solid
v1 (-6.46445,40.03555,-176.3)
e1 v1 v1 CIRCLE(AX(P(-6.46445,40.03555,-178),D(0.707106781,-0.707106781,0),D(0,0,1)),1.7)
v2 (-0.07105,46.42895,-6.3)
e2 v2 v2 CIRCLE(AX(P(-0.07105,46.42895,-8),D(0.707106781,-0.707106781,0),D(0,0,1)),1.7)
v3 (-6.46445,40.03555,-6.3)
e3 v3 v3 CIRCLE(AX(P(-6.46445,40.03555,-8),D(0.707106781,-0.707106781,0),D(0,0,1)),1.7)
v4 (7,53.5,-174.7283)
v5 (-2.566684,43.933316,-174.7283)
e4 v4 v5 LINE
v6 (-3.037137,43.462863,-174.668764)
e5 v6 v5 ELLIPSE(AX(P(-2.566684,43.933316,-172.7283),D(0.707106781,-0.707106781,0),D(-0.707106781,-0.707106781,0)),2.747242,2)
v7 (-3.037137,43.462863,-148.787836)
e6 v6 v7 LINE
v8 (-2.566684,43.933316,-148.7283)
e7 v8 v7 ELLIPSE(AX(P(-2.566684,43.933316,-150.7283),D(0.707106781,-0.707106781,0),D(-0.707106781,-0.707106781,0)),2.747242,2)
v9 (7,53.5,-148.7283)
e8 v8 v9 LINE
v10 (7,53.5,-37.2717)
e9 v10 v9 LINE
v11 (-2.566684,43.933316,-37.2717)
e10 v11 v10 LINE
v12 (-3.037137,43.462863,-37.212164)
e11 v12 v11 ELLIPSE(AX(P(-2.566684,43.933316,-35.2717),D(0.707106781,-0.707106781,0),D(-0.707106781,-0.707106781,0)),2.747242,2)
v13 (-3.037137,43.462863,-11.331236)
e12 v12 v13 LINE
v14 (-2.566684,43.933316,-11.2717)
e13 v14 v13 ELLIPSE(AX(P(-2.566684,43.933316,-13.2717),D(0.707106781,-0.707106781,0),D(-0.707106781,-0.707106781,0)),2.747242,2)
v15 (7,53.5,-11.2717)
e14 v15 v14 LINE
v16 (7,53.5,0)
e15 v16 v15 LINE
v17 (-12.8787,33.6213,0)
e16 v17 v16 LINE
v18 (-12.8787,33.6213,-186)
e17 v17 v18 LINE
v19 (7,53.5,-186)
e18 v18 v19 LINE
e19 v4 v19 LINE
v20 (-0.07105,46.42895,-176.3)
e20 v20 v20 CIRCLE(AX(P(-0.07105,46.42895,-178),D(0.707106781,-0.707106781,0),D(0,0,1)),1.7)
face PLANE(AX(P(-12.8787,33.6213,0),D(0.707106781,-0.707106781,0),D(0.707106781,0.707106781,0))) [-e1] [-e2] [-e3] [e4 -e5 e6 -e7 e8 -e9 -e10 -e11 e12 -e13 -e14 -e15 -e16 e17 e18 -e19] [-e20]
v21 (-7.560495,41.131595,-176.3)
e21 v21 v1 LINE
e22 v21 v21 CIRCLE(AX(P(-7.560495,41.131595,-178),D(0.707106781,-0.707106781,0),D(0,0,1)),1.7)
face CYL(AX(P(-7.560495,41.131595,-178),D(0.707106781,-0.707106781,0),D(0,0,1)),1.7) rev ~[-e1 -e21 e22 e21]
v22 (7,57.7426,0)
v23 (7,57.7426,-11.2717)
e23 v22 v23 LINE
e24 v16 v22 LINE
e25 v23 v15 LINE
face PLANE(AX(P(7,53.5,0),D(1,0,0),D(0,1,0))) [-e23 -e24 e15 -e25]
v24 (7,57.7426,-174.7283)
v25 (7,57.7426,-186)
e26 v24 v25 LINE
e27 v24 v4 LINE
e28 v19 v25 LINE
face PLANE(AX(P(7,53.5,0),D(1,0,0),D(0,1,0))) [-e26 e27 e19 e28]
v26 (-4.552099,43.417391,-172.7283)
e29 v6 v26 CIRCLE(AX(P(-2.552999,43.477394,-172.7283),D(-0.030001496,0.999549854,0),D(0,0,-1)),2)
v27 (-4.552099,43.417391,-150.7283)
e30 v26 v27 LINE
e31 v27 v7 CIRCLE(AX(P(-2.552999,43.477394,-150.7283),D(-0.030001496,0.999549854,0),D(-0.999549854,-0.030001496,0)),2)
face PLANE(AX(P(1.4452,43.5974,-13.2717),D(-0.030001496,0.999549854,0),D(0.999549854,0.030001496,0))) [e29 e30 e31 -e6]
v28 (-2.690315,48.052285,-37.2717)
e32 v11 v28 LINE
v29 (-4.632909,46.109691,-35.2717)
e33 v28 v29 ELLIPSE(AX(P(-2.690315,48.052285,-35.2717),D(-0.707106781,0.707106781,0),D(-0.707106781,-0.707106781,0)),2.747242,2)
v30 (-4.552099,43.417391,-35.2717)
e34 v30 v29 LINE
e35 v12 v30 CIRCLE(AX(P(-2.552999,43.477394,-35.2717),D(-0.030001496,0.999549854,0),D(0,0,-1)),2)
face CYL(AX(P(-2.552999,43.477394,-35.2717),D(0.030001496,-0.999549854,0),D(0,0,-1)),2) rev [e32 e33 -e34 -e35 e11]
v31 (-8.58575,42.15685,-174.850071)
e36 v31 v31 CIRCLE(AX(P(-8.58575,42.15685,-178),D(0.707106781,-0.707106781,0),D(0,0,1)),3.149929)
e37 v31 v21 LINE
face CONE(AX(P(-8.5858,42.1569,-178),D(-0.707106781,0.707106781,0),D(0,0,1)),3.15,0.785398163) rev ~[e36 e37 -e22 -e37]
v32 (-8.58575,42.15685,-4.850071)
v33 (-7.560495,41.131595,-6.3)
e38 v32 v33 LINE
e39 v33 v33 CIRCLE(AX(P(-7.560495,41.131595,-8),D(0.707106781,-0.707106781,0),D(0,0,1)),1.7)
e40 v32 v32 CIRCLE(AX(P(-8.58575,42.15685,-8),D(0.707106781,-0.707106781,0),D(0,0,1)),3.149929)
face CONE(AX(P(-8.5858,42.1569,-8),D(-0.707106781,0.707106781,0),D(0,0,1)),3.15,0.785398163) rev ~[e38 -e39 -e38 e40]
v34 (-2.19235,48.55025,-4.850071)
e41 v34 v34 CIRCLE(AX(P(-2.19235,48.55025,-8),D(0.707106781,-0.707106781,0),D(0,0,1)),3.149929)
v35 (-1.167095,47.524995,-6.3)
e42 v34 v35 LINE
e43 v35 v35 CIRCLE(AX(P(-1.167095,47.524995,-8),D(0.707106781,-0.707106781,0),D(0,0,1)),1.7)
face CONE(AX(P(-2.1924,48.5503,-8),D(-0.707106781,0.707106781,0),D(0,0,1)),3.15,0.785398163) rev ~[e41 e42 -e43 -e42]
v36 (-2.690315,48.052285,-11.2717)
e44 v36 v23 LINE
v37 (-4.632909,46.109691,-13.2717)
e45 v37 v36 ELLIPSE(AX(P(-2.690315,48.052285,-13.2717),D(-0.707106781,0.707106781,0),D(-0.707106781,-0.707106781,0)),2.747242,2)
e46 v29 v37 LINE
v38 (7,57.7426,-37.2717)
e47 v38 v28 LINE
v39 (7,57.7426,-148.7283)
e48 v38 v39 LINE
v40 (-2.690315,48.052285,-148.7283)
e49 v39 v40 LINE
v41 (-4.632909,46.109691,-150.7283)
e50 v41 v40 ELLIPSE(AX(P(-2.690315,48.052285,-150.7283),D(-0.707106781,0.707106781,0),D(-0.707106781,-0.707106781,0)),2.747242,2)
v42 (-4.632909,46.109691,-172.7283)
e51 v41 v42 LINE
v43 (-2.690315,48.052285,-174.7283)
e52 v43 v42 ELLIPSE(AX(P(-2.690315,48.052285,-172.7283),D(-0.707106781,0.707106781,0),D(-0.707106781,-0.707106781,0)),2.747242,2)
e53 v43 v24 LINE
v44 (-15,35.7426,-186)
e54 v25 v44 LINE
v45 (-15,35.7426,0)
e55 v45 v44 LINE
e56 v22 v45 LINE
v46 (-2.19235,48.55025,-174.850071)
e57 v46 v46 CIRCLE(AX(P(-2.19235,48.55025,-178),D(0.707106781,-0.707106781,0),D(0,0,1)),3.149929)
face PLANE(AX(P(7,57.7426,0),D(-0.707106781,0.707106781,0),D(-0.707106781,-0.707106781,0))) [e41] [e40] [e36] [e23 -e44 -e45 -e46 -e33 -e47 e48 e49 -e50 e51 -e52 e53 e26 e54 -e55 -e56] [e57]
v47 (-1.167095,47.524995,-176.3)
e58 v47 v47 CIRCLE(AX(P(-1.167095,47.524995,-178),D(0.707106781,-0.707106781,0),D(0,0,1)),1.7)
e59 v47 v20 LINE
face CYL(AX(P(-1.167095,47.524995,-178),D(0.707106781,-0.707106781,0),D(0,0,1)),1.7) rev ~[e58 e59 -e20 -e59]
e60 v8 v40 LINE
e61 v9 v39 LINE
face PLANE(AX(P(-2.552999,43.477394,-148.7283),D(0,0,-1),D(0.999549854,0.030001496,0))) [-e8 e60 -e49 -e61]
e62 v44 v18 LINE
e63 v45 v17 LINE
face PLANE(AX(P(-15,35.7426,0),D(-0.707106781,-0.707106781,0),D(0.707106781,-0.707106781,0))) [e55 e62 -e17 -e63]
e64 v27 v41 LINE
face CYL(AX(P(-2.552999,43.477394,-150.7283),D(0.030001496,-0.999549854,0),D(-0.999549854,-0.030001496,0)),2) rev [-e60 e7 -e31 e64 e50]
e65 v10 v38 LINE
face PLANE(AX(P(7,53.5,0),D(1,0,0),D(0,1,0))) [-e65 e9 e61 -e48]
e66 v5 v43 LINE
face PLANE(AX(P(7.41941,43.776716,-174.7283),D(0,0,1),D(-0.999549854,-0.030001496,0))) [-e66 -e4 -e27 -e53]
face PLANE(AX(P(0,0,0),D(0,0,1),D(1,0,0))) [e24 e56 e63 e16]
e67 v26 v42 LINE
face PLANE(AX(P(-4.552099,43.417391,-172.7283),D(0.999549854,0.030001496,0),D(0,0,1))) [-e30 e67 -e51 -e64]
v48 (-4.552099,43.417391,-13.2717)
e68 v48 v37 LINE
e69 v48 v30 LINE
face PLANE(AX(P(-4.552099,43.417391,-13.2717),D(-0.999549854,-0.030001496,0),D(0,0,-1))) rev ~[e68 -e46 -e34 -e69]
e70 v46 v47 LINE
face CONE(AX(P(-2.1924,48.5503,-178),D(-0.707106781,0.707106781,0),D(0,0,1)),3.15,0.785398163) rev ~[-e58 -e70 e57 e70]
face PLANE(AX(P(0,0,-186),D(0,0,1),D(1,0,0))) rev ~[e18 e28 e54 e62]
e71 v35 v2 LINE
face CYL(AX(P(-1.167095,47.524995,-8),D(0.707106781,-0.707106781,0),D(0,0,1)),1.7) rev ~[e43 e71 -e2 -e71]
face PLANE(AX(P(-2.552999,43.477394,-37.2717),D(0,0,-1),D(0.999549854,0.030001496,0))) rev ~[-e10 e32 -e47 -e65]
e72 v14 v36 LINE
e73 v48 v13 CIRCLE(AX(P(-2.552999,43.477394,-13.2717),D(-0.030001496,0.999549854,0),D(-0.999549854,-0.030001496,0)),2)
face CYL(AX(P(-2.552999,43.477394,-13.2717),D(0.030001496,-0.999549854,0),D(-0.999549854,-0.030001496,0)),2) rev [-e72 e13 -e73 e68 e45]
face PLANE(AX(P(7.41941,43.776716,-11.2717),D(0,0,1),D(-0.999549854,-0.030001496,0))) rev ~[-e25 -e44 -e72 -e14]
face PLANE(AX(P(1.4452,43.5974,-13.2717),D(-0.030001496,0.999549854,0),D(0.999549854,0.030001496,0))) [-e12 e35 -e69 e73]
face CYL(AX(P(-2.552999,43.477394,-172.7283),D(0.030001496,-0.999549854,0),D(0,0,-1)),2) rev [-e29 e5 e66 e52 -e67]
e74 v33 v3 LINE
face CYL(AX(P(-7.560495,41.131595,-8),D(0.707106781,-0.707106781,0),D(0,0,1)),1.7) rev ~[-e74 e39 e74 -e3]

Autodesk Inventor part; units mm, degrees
ref_plane "YZ Plane" through (0, 0, 0) normal (1, 0, 0) x (0, 1, 0)
ref_plane "XZ Plane" through (0, 0, 0) normal (0, 1, 0) x (-1, 0, 0)
sketch "Sketch1" plane through (0, 0, 0) normal (0, 0, 1) x (1, 0, 0)
  line L0 (7.0071, 53.5071) -> (-15, 31.5) construction
  line L1 (7, 58.5) -> (7, 55.5) construction
  line L2 (7, 57.7426) -> (-15, 35.7426)
  line L3 (-15, 35.7426) -> (-12.8787, 33.6213)
  line L4 (-12.8787, 33.6213) -> (7, 53.5)
  line L5 (7, 53.5) -> (7, 57.7426)
  line L6 (15, 58.5) -> (15, 66.5) construction
  point P0 (0, 0)
  point P1 (15, 62.5)
  dimension "d0" = 30
  dimension "d1" = 3
ref_plane "Work Plane1" through (-15, -58.5, -186) normal (0, 0, -1) x (0, 1, 0)
extrude "Extrusion1" add sketch "Sketch1" against normal up to surface (186 mm away)
ref_plane "Work Plane2" through (1.4452, 43.5974, -13.2717) normal (-0.03, 0.9995, 0) x (0.9995, 0.03, 0)
sketch "Sketch2" plane through (1.4452, 43.5974, -13.2717) normal (-0.03, 0.9995, 0) x (0.9995, 0.03, 0)
  line L0 (-4, 22) -> (-4, 0) construction
  line L1 (4, 22) -> (-4, 22) construction
  line L2 (-4, 0) -> (4, 0) construction
  line L3 (-6, 0) -> (-6, 22)
  line L4 (-4, 24) -> (5.9769, 24)
  line L5 (5.9769, 24) -> (5.9769, -2)
  line L6 (5.9769, -2) -> (-4, -2)
  line L7 (5.9769, 172.7283) -> (-16.6735, 172.7283) construction
  line L8 (-16.6735, -13.2717) -> (-16.6735, 172.7283) construction
  line L9 (5.9769, -13.2717) -> (-16.6735, -13.2717) construction
  line L10 (5.9769, -13.2717) -> (5.9769, 172.7283) construction
  arc A0 (-6, 0) -> (-4, -2) centre (-4, 0) ccw
  arc A1 (-4, 24) -> (-6, 22) centre (-4, 22) ccw
  line L11 (5.9769, 79.7283) -> (-16.6735, 79.7283)
  line L12 (-6, 159.4566) -> (-6, 137.4566)
  line L13 (-4, 135.4566) -> (5.9769, 135.4566)
  line L14 (5.9769, 135.4566) -> (5.9769, 161.4566)
  line L15 (5.9769, 161.4566) -> (-4, 161.4566)
  arc A2 (-4, 161.4566) -> (-6, 159.4566) centre (-4, 159.4566) ccw
  arc A3 (-6, 137.4566) -> (-4, 135.4566) centre (-4, 137.4566) ccw
  point P0 (-2.7531, -13.2717)
  dimension "d4" = 2
  dimension "d5" = 2
  dimension "d6" = 2
  dimension "d7" = 2
  dimension "d8" = 2
extrude "Extrusion2" cut sketch "Sketch2" along normal through all
sketch "Sketch3" plane through (-15, 35.7426, -186) normal (-0.7071, 0.7071, 0) x (-0.7071, -0.7071, 0)
  circle A0 centre (-9.0711, 178) radius 2.25 projected
  circle A1 centre (-18.1127, 178) radius 2.25 projected
  circle A2 centre (-9.0711, 8) radius 2.25 projected
  circle A3 centre (-18.1127, 8) radius 2.25 projected
  point P0 (14.6673, 186)
hole "Hole1" at (-8.5858, 42.1569, -8) at (-2.1924, 48.5503, -8) at (-8.5858, 42.1569, -178) at (-2.1924, 48.5503, -178) direction (0.7071, -0.7071, 0) diameter 3.4 end through all countersink diameter 6.3 countersink angle 90 clearance for "Countersunk Flat Head Screw ISO 2009/7046" size "M3" standard "ISO"
equation "\"d5\" = d4"
equation "\"d6\" = d4"
properties part number "Przod"
